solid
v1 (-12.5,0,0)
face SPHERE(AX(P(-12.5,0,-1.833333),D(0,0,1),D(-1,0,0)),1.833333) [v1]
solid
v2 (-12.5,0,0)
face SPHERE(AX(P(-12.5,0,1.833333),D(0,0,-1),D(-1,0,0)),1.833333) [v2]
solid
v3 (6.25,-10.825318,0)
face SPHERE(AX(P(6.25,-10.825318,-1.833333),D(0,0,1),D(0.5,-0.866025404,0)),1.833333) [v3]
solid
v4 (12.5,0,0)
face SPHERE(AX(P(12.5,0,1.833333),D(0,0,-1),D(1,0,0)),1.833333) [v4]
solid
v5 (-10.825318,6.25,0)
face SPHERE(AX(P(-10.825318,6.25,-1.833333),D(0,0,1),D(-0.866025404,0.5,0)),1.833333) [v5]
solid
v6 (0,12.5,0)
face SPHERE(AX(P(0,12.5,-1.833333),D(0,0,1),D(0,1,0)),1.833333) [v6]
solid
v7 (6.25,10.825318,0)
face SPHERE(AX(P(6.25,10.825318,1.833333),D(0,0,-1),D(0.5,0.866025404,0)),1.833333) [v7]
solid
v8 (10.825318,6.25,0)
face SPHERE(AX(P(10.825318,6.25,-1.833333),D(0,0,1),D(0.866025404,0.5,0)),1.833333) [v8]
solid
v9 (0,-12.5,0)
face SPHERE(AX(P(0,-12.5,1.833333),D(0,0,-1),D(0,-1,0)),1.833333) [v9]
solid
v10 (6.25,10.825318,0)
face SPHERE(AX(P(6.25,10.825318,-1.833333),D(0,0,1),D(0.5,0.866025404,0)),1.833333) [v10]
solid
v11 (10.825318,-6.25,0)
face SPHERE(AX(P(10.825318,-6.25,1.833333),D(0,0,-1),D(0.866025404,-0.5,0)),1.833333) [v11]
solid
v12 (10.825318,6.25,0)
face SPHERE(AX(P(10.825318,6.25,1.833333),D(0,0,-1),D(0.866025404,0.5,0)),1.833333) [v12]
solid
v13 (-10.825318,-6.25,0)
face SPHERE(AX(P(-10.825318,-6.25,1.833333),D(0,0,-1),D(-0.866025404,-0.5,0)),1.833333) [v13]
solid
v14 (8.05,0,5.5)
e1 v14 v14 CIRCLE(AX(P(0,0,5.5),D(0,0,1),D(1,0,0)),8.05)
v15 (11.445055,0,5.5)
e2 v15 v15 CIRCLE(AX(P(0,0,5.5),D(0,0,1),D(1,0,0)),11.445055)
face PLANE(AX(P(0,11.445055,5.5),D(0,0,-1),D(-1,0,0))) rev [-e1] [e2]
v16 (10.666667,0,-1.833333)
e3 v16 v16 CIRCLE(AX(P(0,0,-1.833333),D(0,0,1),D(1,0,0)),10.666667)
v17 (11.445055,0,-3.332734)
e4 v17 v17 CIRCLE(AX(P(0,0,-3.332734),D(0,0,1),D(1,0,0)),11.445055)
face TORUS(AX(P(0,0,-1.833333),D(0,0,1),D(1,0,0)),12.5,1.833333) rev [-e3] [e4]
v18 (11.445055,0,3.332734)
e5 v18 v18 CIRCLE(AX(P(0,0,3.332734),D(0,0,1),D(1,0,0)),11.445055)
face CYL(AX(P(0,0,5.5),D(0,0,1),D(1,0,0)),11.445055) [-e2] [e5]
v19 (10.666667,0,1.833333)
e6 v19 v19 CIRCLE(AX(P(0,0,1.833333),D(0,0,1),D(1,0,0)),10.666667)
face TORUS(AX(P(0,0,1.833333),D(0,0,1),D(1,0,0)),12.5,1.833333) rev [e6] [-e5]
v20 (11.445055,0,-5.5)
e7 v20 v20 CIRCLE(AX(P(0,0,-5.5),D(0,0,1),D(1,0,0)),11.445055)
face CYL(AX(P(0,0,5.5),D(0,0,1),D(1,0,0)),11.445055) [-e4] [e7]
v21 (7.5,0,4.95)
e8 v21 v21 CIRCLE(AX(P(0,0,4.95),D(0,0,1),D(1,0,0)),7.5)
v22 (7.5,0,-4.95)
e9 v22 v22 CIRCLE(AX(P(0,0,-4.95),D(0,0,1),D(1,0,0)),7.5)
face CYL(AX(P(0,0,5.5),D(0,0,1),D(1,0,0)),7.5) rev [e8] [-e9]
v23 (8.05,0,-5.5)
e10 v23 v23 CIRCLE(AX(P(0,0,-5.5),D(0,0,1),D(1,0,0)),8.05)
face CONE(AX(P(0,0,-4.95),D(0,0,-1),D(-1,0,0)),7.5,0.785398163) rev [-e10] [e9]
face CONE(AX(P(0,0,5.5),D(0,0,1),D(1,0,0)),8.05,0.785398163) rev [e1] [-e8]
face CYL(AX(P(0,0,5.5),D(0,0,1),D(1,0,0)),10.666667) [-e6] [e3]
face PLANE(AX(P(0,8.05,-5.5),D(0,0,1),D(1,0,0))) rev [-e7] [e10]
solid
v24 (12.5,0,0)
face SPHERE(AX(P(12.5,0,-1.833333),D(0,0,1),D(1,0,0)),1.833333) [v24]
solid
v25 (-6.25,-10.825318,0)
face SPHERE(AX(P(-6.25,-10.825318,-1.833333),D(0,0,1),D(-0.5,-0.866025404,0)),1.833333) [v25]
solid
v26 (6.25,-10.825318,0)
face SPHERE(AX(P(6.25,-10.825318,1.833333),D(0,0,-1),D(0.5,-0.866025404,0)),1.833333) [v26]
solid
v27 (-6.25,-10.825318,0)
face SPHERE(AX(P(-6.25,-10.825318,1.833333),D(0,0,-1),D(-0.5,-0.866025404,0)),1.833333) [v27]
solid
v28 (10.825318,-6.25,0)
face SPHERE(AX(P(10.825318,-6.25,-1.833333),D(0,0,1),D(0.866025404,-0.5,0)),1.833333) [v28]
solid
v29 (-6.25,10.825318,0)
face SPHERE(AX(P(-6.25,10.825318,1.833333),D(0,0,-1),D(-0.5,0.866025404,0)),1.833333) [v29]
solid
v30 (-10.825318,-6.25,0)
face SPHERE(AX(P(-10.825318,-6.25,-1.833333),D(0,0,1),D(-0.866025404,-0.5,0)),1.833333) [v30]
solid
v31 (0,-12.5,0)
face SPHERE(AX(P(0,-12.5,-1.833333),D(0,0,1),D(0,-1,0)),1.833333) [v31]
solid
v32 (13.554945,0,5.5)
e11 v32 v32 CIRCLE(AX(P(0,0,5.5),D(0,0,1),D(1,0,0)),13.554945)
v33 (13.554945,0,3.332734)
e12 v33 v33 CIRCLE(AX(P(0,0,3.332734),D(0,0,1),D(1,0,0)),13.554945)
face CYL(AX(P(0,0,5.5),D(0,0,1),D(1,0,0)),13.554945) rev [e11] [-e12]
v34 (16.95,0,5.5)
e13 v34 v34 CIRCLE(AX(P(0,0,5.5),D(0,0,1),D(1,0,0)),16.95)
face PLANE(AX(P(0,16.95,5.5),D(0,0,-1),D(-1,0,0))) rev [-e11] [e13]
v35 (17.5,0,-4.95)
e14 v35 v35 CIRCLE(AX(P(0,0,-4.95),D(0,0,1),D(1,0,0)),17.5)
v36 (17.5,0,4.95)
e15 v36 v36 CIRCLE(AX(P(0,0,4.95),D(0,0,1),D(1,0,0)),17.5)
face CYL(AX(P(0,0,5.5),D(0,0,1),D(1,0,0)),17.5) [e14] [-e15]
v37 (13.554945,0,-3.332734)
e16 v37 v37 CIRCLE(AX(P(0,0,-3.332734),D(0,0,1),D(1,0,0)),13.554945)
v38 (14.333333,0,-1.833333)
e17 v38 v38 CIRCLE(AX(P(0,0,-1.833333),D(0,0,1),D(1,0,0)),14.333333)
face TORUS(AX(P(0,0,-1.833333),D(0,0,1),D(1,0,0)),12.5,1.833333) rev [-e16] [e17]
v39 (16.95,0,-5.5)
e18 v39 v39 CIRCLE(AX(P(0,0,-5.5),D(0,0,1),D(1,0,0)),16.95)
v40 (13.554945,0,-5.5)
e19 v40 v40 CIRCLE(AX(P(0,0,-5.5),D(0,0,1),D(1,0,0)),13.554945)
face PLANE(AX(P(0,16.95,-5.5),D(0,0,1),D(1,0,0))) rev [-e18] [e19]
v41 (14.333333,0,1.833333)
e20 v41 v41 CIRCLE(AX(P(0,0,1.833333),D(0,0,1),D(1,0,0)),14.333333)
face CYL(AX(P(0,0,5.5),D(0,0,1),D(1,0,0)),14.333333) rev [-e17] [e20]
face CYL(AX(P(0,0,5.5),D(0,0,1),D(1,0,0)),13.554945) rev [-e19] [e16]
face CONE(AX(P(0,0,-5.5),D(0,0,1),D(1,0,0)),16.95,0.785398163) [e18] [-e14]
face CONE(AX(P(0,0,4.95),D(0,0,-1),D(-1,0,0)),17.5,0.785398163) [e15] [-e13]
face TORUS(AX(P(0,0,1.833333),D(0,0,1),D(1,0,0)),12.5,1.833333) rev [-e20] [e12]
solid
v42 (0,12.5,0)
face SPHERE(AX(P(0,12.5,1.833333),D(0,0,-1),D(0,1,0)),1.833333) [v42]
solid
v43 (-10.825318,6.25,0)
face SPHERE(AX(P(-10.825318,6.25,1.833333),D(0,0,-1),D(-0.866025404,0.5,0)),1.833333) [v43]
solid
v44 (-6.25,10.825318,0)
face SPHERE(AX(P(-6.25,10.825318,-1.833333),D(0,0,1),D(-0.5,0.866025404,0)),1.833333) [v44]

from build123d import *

# Parameters (mm, degrees)
CIRPATTERN1_COUNT = 12


with BuildPart() as part:
    # Sketch1 → Revolve1 (revolve)
    with BuildSketch(Plane(origin=(0, 0, 0), x_dir=(0, 0, -1), z_dir=(1, 0, 0))):
        with BuildLine():
            Line((4.95, 17.5), (-4.95, 17.5))
            Line((-4.95, 17.5), (-5.5, 16.95))
            Line((-5.5, 16.95), (-5.5, 13.554945055))
            Line((-5.5, 13.554945055), (-3.332733894, 13.554945055))
            ThreePointArc((-3.332733894, 13.554945055), (-2.678035996, 14.127141212), (-1.833333333, 14.333333333))
            Line((-1.833333333, 14.333333333), (1.833333333, 14.333333333))
            ThreePointArc((1.833333333, 14.333333333), (2.678035996, 14.127141212), (3.332733894, 13.554945055))
            Line((3.332733894, 13.554945055), (5.5, 13.554945055))
            Line((5.5, 13.554945055), (5.5, 16.95))
            Line((5.5, 16.95), (4.95, 17.5))
        make_face()
    revolve(axis=Axis((0, 0, 5.5), (0, 0, -1)))


with BuildPart() as body_2:
    # Sketch3 → Revolve3 (revolve)
    with BuildSketch(Plane(origin=(0, 0, 0), x_dir=(0, 0, -1), z_dir=(1, 0, 0))):
        with BuildLine():
            Line((-5.5, 11.445054945), (-3.332733894, 11.445054945))
            ThreePointArc((-3.332733894, 11.445054945), (-2.678035996, 10.872858788), (-1.833333333, 10.666666667))
            Line((-1.833333333, 10.666666667), (1.833333333, 10.666666667))
            ThreePointArc((1.833333333, 10.666666667), (2.678035996, 10.872858788), (3.332733894, 11.445054945))
            Line((3.332733894, 11.445054945), (5.5, 11.445054945))
            Line((5.5, 11.445054945), (5.5, 8.05))
            Line((5.5, 8.05), (4.95, 7.5))
            Line((4.95, 7.5), (-4.95, 7.5))
            Line((-4.95, 7.5), (-5.5, 8.05))
            Line((-5.5, 8.05), (-5.5, 11.445054945))
        make_face()
    revolve(axis=Axis((0, 0, 5.5), (0, 0, -1)))


with BuildPart() as body_3:
    # Sketch4 → Revolve4 (revolve)
    with BuildSketch(Plane(origin=(0, 0, 0), x_dir=(0, 0, -1), z_dir=(1, 0, 0))):
        with BuildLine():
            Line((0, 12.5), (3.666666667, 12.5))
            ThreePointArc((3.666666667, 12.5), (1.833333333, 14.333333333), (0, 12.5))
        make_face()
    revolve(axis=Axis((0, 12.5, 0), (0, 0, -1)))


with BuildPart() as body_4:
    # Mirror1: mirrored copy
    add(body_3.part.mirror(Plane.XY))


with BuildPart() as cirpattern1_1:
    # CirPattern1: pattern copy
    add(body_3.part.rotate(Axis((0, 0, -5.5), (0, 0, 1)), 1 * 360 / CIRPATTERN1_COUNT))


with BuildPart() as cirpattern1_2:
    # CirPattern1: pattern copy
    add(body_3.part.rotate(Axis((0, 0, -5.5), (0, 0, 1)), 2 * 360 / CIRPATTERN1_COUNT))


with BuildPart() as cirpattern1_3:
    # CirPattern1: pattern copy
    add(body_3.part.rotate(Axis((0, 0, -5.5), (0, 0, 1)), 3 * 360 / CIRPATTERN1_COUNT))


with BuildPart() as cirpattern1_4:
    # CirPattern1: pattern copy
    add(body_3.part.rotate(Axis((0, 0, -5.5), (0, 0, 1)), 4 * 360 / CIRPATTERN1_COUNT))


with BuildPart() as cirpattern1_5:
    # CirPattern1: pattern copy
    add(body_3.part.rotate(Axis((0, 0, -5.5), (0, 0, 1)), 5 * 360 / CIRPATTERN1_COUNT))


with BuildPart() as cirpattern1_6:
    # CirPattern1: pattern copy
    add(body_3.part.rotate(Axis((0, 0, -5.5), (0, 0, 1)), 6 * 360 / CIRPATTERN1_COUNT))


with BuildPart() as cirpattern1_7:
    # CirPattern1: pattern copy
    add(body_3.part.rotate(Axis((0, 0, -5.5), (0, 0, 1)), 7 * 360 / CIRPATTERN1_COUNT))


with BuildPart() as cirpattern1_8:
    # CirPattern1: pattern copy
    add(body_3.part.rotate(Axis((0, 0, -5.5), (0, 0, 1)), 8 * 360 / CIRPATTERN1_COUNT))


with BuildPart() as cirpattern1_9:
    # CirPattern1: pattern copy
    add(body_3.part.rotate(Axis((0, 0, -5.5), (0, 0, 1)), 9 * 360 / CIRPATTERN1_COUNT))


with BuildPart() as cirpattern1_10:
    # CirPattern1: pattern copy
    add(body_3.part.rotate(Axis((0, 0, -5.5), (0, 0, 1)), 10 * 360 / CIRPATTERN1_COUNT))


with BuildPart() as cirpattern1_11:
    # CirPattern1: pattern copy
    add(body_3.part.rotate(Axis((0, 0, -5.5), (0, 0, 1)), 11 * 360 / CIRPATTERN1_COUNT))


with BuildPart() as cirpattern1_12:
    # CirPattern1: pattern copy
    add(body_4.part.rotate(Axis((0, 0, -5.5), (0, 0, 1)), 1 * 360 / CIRPATTERN1_COUNT))


with BuildPart() as cirpattern1_13:
    # CirPattern1: pattern copy
    add(body_4.part.rotate(Axis((0, 0, -5.5), (0, 0, 1)), 2 * 360 / CIRPATTERN1_COUNT))


with BuildPart() as cirpattern1_14:
    # CirPattern1: pattern copy
    add(body_4.part.rotate(Axis((0, 0, -5.5), (0, 0, 1)), 3 * 360 / CIRPATTERN1_COUNT))


with BuildPart() as cirpattern1_15:
    # CirPattern1: pattern copy
    add(body_4.part.rotate(Axis((0, 0, -5.5), (0, 0, 1)), 4 * 360 / CIRPATTERN1_COUNT))


with BuildPart() as cirpattern1_16:
    # CirPattern1: pattern copy
    add(body_4.part.rotate(Axis((0, 0, -5.5), (0, 0, 1)), 5 * 360 / CIRPATTERN1_COUNT))


with BuildPart() as cirpattern1_17:
    # CirPattern1: pattern copy
    add(body_4.part.rotate(Axis((0, 0, -5.5), (0, 0, 1)), 6 * 360 / CIRPATTERN1_COUNT))


with BuildPart() as cirpattern1_18:
    # CirPattern1: pattern copy
    add(body_4.part.rotate(Axis((0, 0, -5.5), (0, 0, 1)), 7 * 360 / CIRPATTERN1_COUNT))


with BuildPart() as cirpattern1_19:
    # CirPattern1: pattern copy
    add(body_4.part.rotate(Axis((0, 0, -5.5), (0, 0, 1)), 8 * 360 / CIRPATTERN1_COUNT))


with BuildPart() as cirpattern1_20:
    # CirPattern1: pattern copy
    add(body_4.part.rotate(Axis((0, 0, -5.5), (0, 0, 1)), 9 * 360 / CIRPATTERN1_COUNT))


with BuildPart() as cirpattern1_21:
    # CirPattern1: pattern copy
    add(body_4.part.rotate(Axis((0, 0, -5.5), (0, 0, 1)), 10 * 360 / CIRPATTERN1_COUNT))


with BuildPart() as cirpattern1_22:
    # CirPattern1: pattern copy
    add(body_4.part.rotate(Axis((0, 0, -5.5), (0, 0, 1)), 11 * 360 / CIRPATTERN1_COUNT))


solid = Compound([part.part, body_2.part, body_3.part, body_4.part, cirpattern1_1.part, cirpattern1_2.part, cirpattern1_3.part, cirpattern1_4.part, cirpattern1_5.part, cirpattern1_6.part, cirpattern1_7.part, cirpattern1_8.part, cirpattern1_9.part, cirpattern1_10.part, cirpattern1_11.part, cirpattern1_12.part, cirpattern1_13.part, cirpattern1_14.part, cirpattern1_15.part, cirpattern1_16.part, cirpattern1_17.part, cirpattern1_18.part, cirpattern1_19.part, cirpattern1_20.part, cirpattern1_21.part, cirpattern1_22.part])
